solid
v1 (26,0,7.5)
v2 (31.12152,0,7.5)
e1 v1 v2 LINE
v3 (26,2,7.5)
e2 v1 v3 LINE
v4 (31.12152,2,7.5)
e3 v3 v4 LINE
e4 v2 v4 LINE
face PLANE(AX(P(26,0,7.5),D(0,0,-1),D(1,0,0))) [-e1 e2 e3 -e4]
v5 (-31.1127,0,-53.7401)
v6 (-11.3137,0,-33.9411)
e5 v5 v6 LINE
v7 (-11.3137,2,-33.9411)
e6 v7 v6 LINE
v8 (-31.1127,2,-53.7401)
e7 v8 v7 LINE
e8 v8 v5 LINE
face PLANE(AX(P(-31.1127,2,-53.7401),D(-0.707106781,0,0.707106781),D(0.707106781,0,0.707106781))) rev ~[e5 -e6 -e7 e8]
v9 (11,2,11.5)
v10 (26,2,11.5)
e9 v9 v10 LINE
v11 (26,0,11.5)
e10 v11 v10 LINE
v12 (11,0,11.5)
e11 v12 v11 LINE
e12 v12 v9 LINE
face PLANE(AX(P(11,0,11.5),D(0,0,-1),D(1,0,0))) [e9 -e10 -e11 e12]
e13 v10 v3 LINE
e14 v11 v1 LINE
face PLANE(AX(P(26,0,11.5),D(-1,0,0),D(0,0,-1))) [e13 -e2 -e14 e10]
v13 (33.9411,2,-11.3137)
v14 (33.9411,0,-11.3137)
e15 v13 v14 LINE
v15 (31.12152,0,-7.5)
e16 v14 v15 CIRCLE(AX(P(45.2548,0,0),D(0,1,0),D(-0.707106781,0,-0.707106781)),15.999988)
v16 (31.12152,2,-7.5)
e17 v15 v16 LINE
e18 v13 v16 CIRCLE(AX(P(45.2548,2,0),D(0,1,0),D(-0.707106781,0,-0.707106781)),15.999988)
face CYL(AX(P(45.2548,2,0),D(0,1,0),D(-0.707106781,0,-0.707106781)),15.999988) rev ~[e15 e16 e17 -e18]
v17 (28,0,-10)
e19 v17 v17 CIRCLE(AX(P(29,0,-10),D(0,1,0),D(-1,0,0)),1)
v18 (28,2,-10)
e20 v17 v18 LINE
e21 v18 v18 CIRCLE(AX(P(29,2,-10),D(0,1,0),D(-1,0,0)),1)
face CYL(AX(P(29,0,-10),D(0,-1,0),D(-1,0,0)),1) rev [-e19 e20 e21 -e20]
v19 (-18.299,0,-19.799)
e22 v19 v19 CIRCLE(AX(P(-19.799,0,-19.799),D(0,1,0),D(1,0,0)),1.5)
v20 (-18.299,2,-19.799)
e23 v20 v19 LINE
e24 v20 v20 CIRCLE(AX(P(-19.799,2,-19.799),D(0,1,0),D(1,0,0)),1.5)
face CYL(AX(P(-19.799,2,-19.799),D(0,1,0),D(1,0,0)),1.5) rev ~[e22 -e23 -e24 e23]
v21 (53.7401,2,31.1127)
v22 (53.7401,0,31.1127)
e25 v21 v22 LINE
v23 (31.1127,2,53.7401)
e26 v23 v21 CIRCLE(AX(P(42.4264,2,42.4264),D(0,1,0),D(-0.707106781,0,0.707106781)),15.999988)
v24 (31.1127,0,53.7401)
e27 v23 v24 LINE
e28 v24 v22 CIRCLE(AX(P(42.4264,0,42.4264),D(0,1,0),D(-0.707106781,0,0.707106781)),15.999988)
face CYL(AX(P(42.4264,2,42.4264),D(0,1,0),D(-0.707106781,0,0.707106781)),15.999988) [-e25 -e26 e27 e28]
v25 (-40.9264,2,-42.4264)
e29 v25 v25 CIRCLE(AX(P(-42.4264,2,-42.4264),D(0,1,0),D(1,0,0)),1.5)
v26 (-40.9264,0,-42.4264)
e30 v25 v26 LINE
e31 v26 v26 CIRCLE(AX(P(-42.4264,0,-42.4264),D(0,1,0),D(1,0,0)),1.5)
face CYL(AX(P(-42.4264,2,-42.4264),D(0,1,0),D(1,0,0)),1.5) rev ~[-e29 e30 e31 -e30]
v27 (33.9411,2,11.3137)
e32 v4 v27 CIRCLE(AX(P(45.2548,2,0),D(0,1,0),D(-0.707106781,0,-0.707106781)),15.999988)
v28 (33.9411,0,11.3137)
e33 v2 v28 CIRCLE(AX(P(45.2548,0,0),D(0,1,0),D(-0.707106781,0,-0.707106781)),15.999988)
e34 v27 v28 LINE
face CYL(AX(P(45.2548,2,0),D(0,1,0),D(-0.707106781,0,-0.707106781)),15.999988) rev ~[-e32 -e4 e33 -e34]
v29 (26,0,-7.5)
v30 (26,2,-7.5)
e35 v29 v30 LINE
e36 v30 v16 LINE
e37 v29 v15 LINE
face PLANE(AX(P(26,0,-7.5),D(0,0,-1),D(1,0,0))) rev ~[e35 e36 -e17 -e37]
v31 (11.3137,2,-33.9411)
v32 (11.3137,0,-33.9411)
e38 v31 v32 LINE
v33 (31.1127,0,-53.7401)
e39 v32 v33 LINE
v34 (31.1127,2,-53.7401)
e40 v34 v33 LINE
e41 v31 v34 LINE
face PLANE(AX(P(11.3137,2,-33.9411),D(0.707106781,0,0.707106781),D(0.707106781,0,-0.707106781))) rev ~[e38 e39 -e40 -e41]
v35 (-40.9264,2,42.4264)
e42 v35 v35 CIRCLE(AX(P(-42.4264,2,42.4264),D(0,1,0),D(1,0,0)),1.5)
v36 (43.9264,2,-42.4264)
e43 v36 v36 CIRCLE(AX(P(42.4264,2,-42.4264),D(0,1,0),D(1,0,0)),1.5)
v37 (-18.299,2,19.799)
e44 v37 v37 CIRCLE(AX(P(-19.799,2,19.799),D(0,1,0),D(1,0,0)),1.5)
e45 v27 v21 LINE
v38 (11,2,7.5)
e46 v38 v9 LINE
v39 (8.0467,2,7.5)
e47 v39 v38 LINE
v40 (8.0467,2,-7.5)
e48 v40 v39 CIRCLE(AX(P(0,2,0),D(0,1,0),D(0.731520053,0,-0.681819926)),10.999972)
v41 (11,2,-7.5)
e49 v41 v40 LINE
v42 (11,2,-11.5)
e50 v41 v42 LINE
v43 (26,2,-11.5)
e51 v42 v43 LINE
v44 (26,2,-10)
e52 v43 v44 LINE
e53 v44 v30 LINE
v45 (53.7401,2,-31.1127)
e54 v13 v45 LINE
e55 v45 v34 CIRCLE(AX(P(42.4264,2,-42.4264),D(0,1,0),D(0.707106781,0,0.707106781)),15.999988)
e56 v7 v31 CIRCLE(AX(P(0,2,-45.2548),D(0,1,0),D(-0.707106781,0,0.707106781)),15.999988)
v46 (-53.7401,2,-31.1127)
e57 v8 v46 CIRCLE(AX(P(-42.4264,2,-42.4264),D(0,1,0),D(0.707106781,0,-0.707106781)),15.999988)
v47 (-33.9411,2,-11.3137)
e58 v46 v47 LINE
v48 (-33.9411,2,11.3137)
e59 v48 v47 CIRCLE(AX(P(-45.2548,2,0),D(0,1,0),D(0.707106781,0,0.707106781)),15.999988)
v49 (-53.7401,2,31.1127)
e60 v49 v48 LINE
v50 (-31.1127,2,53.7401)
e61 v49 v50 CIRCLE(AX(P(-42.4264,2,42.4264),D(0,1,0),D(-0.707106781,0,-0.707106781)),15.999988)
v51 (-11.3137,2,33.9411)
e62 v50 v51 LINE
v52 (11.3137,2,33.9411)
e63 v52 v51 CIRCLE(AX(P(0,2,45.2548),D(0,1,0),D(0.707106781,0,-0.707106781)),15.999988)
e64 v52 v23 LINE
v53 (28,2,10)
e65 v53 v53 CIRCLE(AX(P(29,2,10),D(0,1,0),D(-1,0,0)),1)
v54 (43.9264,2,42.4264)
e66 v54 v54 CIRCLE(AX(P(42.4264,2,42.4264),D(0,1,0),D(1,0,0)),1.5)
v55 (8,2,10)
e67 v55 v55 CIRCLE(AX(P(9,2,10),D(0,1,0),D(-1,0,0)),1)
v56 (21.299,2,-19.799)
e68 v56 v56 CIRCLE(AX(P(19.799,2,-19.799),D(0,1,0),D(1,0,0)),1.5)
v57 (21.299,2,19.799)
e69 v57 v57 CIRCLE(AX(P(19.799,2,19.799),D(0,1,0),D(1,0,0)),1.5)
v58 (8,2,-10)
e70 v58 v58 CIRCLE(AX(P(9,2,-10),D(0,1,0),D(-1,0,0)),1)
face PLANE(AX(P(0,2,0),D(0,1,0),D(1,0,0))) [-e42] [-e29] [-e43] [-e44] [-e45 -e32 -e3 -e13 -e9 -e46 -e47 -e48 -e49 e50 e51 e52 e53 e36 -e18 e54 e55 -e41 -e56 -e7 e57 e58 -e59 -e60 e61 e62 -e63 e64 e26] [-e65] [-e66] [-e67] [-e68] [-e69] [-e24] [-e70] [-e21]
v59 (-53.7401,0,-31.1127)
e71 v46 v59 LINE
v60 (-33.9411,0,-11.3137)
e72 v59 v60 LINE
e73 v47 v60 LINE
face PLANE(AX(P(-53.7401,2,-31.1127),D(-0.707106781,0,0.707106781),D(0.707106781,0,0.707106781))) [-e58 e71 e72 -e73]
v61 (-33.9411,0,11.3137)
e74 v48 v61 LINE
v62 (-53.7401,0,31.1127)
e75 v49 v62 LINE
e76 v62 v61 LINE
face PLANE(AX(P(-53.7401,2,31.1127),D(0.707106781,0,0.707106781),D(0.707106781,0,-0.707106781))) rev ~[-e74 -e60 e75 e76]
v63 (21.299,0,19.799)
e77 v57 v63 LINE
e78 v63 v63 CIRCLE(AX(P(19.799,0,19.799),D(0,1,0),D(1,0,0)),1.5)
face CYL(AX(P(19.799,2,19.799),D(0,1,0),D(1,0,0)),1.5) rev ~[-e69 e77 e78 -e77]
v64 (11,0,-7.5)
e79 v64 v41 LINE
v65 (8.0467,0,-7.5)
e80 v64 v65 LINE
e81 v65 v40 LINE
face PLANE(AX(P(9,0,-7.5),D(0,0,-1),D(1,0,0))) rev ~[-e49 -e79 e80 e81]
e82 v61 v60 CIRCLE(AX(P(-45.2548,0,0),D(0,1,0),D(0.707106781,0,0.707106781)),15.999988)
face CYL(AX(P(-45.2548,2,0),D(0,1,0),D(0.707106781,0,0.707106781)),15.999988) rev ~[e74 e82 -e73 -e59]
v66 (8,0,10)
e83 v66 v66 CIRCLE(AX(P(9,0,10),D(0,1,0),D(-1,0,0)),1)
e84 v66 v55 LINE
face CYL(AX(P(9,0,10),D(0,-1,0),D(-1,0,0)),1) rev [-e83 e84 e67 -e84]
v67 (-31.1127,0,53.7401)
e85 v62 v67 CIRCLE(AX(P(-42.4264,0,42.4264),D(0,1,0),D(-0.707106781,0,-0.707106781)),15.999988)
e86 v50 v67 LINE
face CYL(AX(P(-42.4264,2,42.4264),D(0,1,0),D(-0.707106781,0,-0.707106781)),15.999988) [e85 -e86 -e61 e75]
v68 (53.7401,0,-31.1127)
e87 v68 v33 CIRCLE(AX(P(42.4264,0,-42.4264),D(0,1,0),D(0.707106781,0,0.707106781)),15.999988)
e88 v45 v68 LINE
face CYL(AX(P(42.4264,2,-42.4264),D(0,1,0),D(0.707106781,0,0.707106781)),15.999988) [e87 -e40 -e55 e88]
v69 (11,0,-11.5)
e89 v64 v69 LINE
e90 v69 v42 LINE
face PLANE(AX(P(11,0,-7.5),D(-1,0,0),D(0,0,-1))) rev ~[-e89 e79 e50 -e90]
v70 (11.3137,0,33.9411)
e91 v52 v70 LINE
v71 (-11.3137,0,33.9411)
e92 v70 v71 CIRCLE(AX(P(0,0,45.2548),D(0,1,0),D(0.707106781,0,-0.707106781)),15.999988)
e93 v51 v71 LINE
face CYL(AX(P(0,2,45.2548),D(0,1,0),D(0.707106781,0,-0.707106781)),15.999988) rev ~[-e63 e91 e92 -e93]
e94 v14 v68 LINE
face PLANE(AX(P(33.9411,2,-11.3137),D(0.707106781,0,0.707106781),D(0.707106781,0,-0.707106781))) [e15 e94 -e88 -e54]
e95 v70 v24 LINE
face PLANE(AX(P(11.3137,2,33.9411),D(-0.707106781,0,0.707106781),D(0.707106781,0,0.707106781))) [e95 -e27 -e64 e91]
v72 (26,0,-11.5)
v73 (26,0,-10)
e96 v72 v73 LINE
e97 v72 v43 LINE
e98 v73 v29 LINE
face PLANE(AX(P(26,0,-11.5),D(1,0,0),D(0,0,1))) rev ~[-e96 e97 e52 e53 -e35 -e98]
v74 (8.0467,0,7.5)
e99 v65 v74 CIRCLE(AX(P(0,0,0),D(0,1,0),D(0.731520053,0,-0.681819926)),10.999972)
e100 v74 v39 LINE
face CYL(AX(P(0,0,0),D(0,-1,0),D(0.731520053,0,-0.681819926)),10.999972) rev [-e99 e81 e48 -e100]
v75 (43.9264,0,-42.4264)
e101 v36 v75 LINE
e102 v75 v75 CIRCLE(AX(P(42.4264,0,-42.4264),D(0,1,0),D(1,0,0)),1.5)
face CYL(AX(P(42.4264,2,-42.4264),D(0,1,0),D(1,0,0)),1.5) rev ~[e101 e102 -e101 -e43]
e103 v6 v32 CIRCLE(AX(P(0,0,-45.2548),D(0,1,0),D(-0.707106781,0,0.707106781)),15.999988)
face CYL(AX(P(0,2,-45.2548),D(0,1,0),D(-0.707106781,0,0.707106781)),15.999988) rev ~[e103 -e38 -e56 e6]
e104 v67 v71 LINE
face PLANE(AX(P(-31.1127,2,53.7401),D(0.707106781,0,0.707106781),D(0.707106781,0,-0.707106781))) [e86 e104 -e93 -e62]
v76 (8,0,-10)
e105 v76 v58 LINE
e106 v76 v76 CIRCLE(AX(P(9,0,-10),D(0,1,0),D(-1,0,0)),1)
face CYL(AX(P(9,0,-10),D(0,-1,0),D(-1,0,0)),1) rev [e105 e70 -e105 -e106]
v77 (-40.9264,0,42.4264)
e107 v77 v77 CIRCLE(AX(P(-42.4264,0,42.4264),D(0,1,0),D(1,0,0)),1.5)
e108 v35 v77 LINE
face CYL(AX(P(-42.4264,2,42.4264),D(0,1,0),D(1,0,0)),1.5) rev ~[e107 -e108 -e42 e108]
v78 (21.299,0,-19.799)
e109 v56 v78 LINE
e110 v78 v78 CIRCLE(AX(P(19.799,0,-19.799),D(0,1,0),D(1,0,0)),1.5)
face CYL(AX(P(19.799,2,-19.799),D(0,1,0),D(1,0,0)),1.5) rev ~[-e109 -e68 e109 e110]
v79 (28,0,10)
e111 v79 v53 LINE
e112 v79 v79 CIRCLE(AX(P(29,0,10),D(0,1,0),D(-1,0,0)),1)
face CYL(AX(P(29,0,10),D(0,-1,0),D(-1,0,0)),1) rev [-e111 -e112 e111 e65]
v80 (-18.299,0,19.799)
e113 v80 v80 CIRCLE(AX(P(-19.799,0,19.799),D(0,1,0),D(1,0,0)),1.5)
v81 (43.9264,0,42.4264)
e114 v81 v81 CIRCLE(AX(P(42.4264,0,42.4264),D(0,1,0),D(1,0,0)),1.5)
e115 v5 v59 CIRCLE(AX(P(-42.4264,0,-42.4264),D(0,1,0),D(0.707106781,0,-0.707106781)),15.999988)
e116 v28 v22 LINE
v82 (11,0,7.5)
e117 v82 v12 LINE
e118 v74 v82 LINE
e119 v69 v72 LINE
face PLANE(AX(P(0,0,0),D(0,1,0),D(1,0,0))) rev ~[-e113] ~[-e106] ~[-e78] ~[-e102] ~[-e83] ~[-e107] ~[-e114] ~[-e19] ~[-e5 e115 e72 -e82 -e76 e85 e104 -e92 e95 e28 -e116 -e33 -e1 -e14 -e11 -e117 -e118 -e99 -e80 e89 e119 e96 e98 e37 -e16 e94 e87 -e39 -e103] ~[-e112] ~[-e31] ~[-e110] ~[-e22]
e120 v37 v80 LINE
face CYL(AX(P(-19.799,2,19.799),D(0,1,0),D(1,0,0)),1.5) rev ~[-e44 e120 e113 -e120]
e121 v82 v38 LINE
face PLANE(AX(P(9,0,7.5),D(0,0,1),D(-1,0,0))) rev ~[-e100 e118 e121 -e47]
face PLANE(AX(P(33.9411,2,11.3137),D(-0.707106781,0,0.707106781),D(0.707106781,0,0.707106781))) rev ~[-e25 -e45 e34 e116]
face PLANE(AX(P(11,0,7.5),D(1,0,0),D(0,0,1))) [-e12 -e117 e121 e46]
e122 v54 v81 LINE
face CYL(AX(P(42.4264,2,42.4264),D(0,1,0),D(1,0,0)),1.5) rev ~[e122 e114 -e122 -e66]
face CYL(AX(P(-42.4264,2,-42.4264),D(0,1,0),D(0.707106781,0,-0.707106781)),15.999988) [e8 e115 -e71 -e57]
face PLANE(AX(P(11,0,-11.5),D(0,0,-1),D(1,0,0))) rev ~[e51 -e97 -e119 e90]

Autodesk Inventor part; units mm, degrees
ref_plane "YZ Plane" through (0, 0, 0) normal (1, 0, 0) x (0, 1, 0)
ref_plane "XZ Plane" through (0, 0, 0) normal (0, 1, 0) x (-1, 0, 0)
ref_plane "XY Plane" through (0, 0, 0) normal (0, 0, 1) x (1, 0, 0)
sketch "Sketch1" plane through (0, 0, 0) normal (0, 1, 0) x (-1, 0, 0)
  circle A0 centre (0, 0) radius 120
  circle A1 centre (-9, 10) radius 1
  circle A2 centre (-9, -10) radius 1
  circle A3 centre (-29, -10) radius 1
  circle A4 centre (-29, 10) radius 1
  arc A5 (-8.0467, -7.5) -> (-8.0467, 7.5) centre (0, 0) ccw
  line L0 (-9, -7.5) -> (-8.0467, -7.5)
  line L1 (-9, -7.5) -> (-11, -7.5)
  line L2 (-11, -7.5) -> (-11, -11.5)
  line L3 (-29, -10) -> (-26, -10)
  line L4 (-11, -11.5) -> (-26, -11.5)
  line L5 (-26, -11.5) -> (-26, -7.5)
  line L6 (-26, -7.5) -> (-35, -7.5)
  line L7 (-35, -7.5) -> (-35, 0)
  line L8 (-9, 7.5) -> (-8.0467, 7.5)
  line L9 (-9, 7.5) -> (-11, 7.5)
  line L10 (-11, 7.5) -> (-11, 11.5)
  line L11 (-11, 11.5) -> (-26, 11.5)
  line L12 (-26, 11.5) -> (-26, 7.5)
  line L13 (-26, 7.5) -> (-35, 7.5)
  line L14 (-35, 7.5) -> (-35, 0)
  dimension "d0" = 240
  dimension "d5" = 2
  dimension "d6" = 2
  dimension "d7" = 2
  dimension "d8" = 2
  dimension "d9" = 22
  dimension "d12" = 2
  dimension "d13" = 3
  dimension "d14" = 4
  dimension "d15" = 9
extrude "Extrusion1" add sketch "Sketch1" along normal blind 2
sketch "Sketch4" plane through (0, 2, 0) normal (0, 1, 0) x (1, 0, 0)
  circle A0 centre (0, 0) radius 60
  circle A1 centre (0, 0) radius 120.1645
  dimension "d28" = 120
  dimension "d29" = 240.329
extrude "Extrusion3" cut sketch "Sketch4" against normal blind 12
sketch "Sketch5" plane through (0, 2, 0) normal (0, 1, 0) x (1, 0, 0)
  circle A0 centre (0, 0) radius 28
  line L0 (0, 0) -> (19.799, 19.799)
  line L1 (0, 0) -> (28, 0) construction
  line L2 (19.799, 19.799) -> (-19.799, 19.799)
  line L3 (-19.799, 19.799) -> (-19.799, -19.799)
  line L4 (-19.799, -19.799) -> (19.799, -19.799)
  circle A1 centre (-19.799, -19.799) radius 3
  circle A2 centre (-19.799, 19.799) radius 3
  circle A3 centre (19.799, 19.799) radius 3
  circle A4 centre (19.799, -19.799) radius 3
  line L5 (19.799, 19.799) -> (42.4264, 42.4264)
  circle A5 centre (0, 0) radius 80
  circle A6 centre (0, 0) radius 60
  dimension "d56" = 56
  dimension "d57" = 45
  dimension "d58" = 6
  dimension "d59" = 6
  dimension "d60" = 6
  dimension "d62" = 6
  dimension "d63" = 32
  dimension "d64" = 160
extrude "Extrusion4" add sketch "Sketch5" against normal blind 2 contours A5
sketch "Sketch8" plane through (0, 2, 0) normal (0, 1, 0) x (1, 0, 0)
  circle A0 centre (-42.4264, -42.4264) radius 3 projected
  arc A1 (-53.7401, -31.1127) -> (-31.1127, -53.7401) centre (-42.4264, -42.4264) ccw
  circle A2 centre (42.4264, -42.4264) radius 3 projected
  arc A3 (31.1127, -53.7401) -> (53.7401, -31.1127) centre (42.4264, -42.4264) ccw
  circle A4 centre (42.4264, 42.4264) radius 3 projected
  arc A5 (53.7401, 31.1127) -> (31.1127, 53.7401) centre (42.4264, 42.4264) ccw
  circle A6 centre (-42.4264, 42.4264) radius 3 projected
  arc A7 (-31.1127, 53.7401) -> (-53.7401, 31.1127) centre (-42.4264, 42.4264) ccw
  line L0 (-53.7401, 31.1127) -> (-33.9411, 11.3137)
  line L1 (11.3137, -33.9411) -> (31.1127, -53.7401)
  line L2 (-53.7401, -31.1127) -> (-33.9411, -11.3137)
  line L3 (11.3137, 33.9411) -> (31.1127, 53.7401)
  line L4 (-31.1127, 53.7401) -> (-11.3137, 33.9411)
  line L5 (33.9411, -11.3137) -> (53.7401, -31.1127)
  line L6 (-31.1127, -53.7401) -> (-11.3137, -33.9411)
  line L7 (33.9411, 11.3137) -> (53.7401, 31.1127)
  arc A8 (11.3137, -33.9411) -> (-11.3137, -33.9411) centre (0, -45.2548) ccw
  arc A9 (33.9411, 11.3137) -> (33.9411, -11.3137) centre (45.2548, 0) ccw
  arc A10 (-11.3137, 33.9411) -> (11.3137, 33.9411) centre (0, 45.2548) ccw
  arc A11 (-33.9411, -11.3137) -> (-33.9411, 11.3137) centre (-45.2548, 0) ccw
  circle A12 centre (0, 0) radius 80
extrude "Extrusion7" cut sketch "Sketch8" against normal blind 2 contours A12
sketch "Sketch10" plane through (0, 2, 0) normal (0, 1, 0) x (1, 0, 0)
  line L0 (0, 0) -> (60, 0) construction
  circle A0 centre (42.4264, -42.4264) radius 1.5
  circle A1 centre (19.799, -19.799) radius 1.5
  circle A2 centre (19.799, 19.799) radius 1.5
  circle A3 centre (42.4264, 42.4264) radius 1.5
  circle A4 centre (-19.799, 19.799) radius 1.5
  circle A5 centre (-42.4264, 42.4264) radius 1.5
  circle A6 centre (-19.799, -19.799) radius 1.5
  circle A7 centre (-42.4264, -42.4264) radius 1.5
  dimension "d128" = 3
  dimension "d129" = 3
  dimension "d132" = 360
extrude "Extrusion9" cut sketch "Sketch10" against normal blind 10
properties part number "platform 1"
